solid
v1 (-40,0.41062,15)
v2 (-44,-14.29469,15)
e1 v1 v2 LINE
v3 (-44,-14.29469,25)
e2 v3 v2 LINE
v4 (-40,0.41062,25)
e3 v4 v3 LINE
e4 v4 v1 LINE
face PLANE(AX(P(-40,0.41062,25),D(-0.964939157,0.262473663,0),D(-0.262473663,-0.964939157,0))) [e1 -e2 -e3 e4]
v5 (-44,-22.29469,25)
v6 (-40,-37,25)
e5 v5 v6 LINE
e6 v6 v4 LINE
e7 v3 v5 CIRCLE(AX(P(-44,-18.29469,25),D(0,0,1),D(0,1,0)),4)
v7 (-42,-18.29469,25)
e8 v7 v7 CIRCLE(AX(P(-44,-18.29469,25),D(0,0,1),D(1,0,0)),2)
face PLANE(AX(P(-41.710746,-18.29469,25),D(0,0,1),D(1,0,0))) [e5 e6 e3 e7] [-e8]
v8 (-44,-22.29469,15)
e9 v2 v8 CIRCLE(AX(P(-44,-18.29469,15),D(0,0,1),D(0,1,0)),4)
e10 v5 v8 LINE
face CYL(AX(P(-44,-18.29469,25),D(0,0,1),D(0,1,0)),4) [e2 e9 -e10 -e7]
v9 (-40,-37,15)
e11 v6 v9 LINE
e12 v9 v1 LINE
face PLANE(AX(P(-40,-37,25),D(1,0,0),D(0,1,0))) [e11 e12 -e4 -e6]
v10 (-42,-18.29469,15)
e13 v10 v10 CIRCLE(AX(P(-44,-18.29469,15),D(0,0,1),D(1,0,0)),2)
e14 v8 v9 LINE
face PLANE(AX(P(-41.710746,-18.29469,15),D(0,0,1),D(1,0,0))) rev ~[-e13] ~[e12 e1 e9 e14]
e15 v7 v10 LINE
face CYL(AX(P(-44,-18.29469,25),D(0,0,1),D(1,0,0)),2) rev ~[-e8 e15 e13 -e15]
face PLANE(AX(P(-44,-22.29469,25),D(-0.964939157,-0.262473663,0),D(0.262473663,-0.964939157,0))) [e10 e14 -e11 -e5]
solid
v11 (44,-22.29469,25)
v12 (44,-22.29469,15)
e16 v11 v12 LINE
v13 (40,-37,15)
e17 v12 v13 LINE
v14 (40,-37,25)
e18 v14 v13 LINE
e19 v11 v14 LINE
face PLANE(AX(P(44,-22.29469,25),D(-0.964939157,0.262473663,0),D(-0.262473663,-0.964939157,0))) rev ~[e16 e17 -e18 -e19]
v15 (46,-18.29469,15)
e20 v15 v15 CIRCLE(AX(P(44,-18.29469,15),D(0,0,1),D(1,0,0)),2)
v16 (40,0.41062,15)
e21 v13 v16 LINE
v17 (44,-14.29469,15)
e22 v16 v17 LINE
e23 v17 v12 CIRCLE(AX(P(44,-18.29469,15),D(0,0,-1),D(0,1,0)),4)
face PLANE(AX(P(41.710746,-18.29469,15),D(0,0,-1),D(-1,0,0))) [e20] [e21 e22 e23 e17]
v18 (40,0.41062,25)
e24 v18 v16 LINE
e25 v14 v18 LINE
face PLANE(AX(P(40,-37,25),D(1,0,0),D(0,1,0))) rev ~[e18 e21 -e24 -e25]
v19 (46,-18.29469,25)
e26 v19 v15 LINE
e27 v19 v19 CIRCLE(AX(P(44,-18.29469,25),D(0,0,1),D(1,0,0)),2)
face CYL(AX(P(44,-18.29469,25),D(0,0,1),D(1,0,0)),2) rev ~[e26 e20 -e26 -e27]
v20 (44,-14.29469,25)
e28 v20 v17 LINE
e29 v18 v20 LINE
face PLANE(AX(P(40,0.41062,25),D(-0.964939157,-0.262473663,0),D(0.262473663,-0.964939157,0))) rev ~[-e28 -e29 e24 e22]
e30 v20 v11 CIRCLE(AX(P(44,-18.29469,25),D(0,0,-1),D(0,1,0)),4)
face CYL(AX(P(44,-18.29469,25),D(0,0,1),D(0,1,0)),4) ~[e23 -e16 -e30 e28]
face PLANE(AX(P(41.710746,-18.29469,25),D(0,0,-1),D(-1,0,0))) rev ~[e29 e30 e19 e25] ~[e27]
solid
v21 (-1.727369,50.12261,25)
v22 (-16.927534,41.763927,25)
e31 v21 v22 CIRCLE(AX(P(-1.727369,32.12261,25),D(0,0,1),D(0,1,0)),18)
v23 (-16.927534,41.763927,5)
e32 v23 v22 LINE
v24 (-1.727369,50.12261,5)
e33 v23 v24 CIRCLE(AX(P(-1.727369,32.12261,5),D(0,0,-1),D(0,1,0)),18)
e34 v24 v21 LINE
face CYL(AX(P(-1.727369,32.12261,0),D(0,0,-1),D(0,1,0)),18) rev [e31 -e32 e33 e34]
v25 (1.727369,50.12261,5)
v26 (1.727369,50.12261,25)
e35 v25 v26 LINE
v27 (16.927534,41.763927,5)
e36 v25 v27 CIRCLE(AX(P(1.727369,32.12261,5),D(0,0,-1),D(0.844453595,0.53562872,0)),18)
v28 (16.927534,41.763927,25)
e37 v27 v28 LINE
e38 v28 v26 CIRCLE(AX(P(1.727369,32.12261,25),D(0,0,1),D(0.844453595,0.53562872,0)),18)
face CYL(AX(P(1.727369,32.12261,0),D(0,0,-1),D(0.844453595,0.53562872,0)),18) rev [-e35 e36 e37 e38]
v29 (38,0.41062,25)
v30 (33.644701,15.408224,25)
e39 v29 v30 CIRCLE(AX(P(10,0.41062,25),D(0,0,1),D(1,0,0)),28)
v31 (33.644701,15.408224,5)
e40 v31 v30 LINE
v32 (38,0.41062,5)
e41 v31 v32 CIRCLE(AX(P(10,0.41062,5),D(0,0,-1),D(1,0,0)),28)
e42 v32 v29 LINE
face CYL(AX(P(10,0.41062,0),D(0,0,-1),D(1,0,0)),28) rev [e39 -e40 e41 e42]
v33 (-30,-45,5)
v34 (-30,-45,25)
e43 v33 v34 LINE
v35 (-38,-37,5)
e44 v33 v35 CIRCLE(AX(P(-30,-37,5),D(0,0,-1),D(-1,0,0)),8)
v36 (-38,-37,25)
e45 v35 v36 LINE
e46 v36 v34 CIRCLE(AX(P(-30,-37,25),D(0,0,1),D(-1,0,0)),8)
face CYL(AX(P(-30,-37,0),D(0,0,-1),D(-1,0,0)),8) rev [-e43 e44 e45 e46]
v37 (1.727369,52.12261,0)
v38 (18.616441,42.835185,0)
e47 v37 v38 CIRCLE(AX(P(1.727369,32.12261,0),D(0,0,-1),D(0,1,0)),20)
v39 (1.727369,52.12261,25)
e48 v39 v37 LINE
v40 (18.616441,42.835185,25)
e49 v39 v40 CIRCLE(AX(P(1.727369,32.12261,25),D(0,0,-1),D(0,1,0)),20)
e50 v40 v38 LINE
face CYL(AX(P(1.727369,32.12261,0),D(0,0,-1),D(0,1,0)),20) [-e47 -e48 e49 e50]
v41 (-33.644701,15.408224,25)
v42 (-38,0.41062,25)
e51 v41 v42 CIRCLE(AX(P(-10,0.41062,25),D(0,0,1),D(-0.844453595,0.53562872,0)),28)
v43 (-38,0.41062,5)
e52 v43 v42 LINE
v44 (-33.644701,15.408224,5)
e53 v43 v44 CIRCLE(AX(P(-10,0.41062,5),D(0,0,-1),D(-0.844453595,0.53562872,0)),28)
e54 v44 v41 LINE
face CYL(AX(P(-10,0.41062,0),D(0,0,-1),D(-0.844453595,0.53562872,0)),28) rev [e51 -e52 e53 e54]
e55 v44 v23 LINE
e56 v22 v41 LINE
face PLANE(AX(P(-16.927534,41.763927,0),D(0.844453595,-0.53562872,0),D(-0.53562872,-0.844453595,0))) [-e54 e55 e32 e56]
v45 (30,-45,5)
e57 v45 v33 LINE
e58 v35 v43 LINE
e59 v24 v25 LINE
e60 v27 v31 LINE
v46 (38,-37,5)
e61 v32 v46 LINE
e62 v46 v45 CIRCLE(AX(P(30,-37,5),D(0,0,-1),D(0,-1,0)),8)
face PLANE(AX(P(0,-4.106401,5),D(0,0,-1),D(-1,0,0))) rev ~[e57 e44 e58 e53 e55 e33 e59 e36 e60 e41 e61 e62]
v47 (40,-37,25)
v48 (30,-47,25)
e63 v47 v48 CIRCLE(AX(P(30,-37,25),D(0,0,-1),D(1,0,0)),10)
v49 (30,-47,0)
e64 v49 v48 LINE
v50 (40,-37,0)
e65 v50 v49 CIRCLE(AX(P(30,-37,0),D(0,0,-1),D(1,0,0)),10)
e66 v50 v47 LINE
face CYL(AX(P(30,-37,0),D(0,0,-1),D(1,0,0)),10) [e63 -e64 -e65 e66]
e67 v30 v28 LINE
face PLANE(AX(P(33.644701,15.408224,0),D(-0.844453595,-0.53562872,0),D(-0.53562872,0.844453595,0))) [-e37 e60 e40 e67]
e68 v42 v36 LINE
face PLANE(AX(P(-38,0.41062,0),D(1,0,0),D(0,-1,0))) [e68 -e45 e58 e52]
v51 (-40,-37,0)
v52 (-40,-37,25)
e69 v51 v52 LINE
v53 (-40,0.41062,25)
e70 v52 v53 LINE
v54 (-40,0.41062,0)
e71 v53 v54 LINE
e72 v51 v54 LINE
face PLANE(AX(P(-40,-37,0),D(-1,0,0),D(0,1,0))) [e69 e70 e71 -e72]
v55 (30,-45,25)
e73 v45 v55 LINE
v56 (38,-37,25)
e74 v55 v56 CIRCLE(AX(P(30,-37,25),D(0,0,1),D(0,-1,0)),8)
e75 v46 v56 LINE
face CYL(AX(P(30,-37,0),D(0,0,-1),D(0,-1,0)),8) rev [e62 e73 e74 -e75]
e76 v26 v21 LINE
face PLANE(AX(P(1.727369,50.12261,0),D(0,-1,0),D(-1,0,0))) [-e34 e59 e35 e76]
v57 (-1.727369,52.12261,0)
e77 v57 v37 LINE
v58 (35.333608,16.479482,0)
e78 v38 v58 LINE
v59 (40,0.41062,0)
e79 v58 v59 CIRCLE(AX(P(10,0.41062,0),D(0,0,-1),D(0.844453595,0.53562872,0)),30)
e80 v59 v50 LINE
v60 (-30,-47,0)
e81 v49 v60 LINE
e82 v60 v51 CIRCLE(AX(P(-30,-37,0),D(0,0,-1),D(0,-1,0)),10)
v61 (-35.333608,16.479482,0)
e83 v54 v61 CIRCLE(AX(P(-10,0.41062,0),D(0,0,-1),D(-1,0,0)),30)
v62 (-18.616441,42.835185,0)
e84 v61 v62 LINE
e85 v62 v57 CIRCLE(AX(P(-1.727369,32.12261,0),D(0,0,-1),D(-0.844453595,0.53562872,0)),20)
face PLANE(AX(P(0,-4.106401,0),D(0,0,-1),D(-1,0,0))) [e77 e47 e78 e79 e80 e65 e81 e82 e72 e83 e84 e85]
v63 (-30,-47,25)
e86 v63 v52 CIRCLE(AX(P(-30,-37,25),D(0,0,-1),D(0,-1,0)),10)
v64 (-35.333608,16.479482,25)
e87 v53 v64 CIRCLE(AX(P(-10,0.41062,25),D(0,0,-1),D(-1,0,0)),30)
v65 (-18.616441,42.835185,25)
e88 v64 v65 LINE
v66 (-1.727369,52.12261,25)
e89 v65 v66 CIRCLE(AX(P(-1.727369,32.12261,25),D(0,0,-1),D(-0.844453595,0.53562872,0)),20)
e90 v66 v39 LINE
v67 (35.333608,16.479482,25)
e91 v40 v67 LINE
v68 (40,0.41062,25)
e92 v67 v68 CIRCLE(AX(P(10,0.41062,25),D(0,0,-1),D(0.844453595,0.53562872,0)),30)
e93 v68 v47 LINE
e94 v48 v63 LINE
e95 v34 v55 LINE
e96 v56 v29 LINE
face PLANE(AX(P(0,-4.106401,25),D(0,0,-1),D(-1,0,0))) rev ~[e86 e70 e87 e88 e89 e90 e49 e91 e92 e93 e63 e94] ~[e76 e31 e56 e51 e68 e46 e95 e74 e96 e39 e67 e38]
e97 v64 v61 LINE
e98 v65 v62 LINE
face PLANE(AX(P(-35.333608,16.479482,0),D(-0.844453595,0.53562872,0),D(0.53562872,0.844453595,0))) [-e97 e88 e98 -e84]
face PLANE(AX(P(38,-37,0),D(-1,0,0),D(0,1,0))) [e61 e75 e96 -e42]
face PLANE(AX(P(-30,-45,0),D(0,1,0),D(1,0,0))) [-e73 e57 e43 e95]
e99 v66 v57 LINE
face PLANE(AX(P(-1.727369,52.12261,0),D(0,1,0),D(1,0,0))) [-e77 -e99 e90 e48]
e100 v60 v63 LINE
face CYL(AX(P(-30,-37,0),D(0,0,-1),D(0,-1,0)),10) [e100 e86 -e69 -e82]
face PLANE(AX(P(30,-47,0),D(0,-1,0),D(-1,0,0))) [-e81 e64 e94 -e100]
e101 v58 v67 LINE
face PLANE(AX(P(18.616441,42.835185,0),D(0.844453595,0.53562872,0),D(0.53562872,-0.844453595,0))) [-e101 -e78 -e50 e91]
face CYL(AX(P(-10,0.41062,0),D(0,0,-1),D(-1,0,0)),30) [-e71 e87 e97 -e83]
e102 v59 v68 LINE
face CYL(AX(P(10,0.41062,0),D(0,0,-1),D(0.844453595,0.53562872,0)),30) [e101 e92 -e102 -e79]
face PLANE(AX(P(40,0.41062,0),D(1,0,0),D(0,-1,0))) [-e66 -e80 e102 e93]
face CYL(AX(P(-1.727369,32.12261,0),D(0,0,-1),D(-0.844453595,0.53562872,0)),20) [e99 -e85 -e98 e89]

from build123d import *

# Parameters (mm, degrees)
BOSS_EXTRUDE4_DEPTH   = 25
SKETCH4_R             = 2
BOSS_EXTRUDE5_DEPTH   = 10
BOSS_EXTRUDE5_2_DEPTH = 10
BOSS_EXTRUDE7_DEPTH   = 5


with BuildPart() as part:
    # Sketch2 → Boss-Extrude4 (new body)
    with BuildSketch(Plane.XY):
        with BuildLine():
            Line((-40, -37), (-40, 0.410620311))
            ThreePointArc((-40, 0.410620311), (-38.809792049, 8.77697448), (-35.333607862, 16.479481898))
            Line((-35.333607862, 16.479481898), (-18.616441267, 42.83518487))
            ThreePointArc((-18.616441267, 42.83518487), (-11.364498397, 49.647613871), (-1.727369359, 52.122610479))
            Line((-1.727369359, 52.122610479), (0, 52.122610479))
            Line((0, 52.122610479), (1.727369359, 52.122610479))
            ThreePointArc((1.727369359, 52.122610479), (11.364498397, 49.647613871), (18.616441267, 42.83518487))
            Line((18.616441267, 42.83518487), (35.333607862, 16.479481898))
            ThreePointArc((35.333607862, 16.479481898), (38.809792049, 8.77697448), (40, 0.410620311))
            Line((40, 0.410620311), (40, -37))
            ThreePointArc((40, -37), (37.071067812, -44.071067812), (30, -47))
            Line((30, -47), (0, -47))
            Line((0, -47), (-30, -47))
            ThreePointArc((-30, -47), (-37.071067812, -44.071067812), (-40, -37))
        make_face()
        with BuildLine():
            Line((0, 50.122610479), (-1.727369359, 50.122610479))
            ThreePointArc((-1.727369359, 50.122610479), (-10.400785493, 47.895113532), (-16.927534076, 41.763927431))
            Line((-16.927534076, 41.763927431), (-33.644700671, 15.408224459))
            ThreePointArc((-33.644700671, 15.408224459), (-36.889139246, 8.219217535), (-38, 0.410620311))
            Line((-38, 0.410620311), (-38, -37))
            ThreePointArc((-38, -37), (-35.656854249, -42.656854249), (-30, -45))
            Line((-30, -45), (0, -45))
            Line((0, -45), (30, -45))
            ThreePointArc((30, -45), (35.656854249, -42.656854249), (38, -37))
            Line((38, -37), (38, 0.410620311))
            ThreePointArc((38, 0.410620311), (36.889139246, 8.219217535), (33.644700671, 15.408224459))
            Line((33.644700671, 15.408224459), (16.927534076, 41.763927431))
            ThreePointArc((16.927534076, 41.763927431), (10.400785493, 47.895113532), (1.727369359, 50.122610479))
            Line((1.727369359, 50.122610479), (0, 50.122610479))
        make_face(mode=Mode.SUBTRACT)
    extrude(amount=BOSS_EXTRUDE4_DEPTH)

    # Sketch6 → Boss-Extrude7 (add)
    with BuildSketch(Plane(origin=(0, 0, 0), x_dir=(-1, 0, 0), z_dir=(0, 0, -1))):
        with BuildLine():
            Line((1.727369359, 52.122610479), (-1.727369359, 52.122610479))
            ThreePointArc((-1.727369359, 52.122610479), (-11.364498397, 49.647613871), (-18.616441267, 42.83518487))
            Line((-18.616441267, 42.83518487), (-35.333607862, 16.479481898))
            ThreePointArc((-35.333607862, 16.479481898), (-38.809792049, 8.77697448), (-40, 0.410620311))
            Line((-40, 0.410620311), (-40, -37))
            ThreePointArc((-40, -37), (-37.071067812, -44.071067812), (-30, -47))
            Line((-30, -47), (30, -47))
            ThreePointArc((30, -47), (37.071067812, -44.071067812), (40, -37))
            Line((40, -37), (40, 0.410620311))
            ThreePointArc((40, 0.410620311), (38.809792049, 8.77697448), (35.333607862, 16.479481898))
            Line((35.333607862, 16.479481898), (18.616441267, 42.83518487))
            ThreePointArc((18.616441267, 42.83518487), (11.364498397, 49.647613871), (1.727369359, 52.122610479))
        make_face()
    extrude(amount=-BOSS_EXTRUDE7_DEPTH)


with BuildPart() as body_2:
    # Sketch4 → Boss-Extrude5 (new body)
    with BuildSketch(Plane.XY.offset(25)):
        with BuildLine():
            Line((40, 0.410620311), (44, -14.294689844))
            ThreePointArc((44, -14.294689844), (48, -18.294689844), (44, -22.294689844))
            Line((44, -22.294689844), (40, -37))
            Line((40, -37), (40, 0.410620311))
        make_face()
        with Locations((44, -18.294689844)):
            Circle(SKETCH4_R, mode=Mode.SUBTRACT)
    extrude(amount=-BOSS_EXTRUDE5_DEPTH)


with BuildPart() as body_3:
    # Sketch4 → Boss-Extrude5 2 (new body)
    with BuildSketch(Plane.XY.offset(25)):
        with BuildLine():
            Line((-40, 0.410620311), (-44, -14.294689844))
            ThreePointArc((-44, -14.294689844), (-48, -18.294689844), (-44, -22.294689844))
            Line((-44, -22.294689844), (-40, -37))
            Line((-40, -37), (-40, 0.410620311))
        make_face()
        with Locations((-44, -18.294689844)):
            Circle(SKETCH4_R, mode=Mode.SUBTRACT)
    extrude(amount=-BOSS_EXTRUDE5_2_DEPTH)


solid = Compound([part.part, body_2.part, body_3.part])
